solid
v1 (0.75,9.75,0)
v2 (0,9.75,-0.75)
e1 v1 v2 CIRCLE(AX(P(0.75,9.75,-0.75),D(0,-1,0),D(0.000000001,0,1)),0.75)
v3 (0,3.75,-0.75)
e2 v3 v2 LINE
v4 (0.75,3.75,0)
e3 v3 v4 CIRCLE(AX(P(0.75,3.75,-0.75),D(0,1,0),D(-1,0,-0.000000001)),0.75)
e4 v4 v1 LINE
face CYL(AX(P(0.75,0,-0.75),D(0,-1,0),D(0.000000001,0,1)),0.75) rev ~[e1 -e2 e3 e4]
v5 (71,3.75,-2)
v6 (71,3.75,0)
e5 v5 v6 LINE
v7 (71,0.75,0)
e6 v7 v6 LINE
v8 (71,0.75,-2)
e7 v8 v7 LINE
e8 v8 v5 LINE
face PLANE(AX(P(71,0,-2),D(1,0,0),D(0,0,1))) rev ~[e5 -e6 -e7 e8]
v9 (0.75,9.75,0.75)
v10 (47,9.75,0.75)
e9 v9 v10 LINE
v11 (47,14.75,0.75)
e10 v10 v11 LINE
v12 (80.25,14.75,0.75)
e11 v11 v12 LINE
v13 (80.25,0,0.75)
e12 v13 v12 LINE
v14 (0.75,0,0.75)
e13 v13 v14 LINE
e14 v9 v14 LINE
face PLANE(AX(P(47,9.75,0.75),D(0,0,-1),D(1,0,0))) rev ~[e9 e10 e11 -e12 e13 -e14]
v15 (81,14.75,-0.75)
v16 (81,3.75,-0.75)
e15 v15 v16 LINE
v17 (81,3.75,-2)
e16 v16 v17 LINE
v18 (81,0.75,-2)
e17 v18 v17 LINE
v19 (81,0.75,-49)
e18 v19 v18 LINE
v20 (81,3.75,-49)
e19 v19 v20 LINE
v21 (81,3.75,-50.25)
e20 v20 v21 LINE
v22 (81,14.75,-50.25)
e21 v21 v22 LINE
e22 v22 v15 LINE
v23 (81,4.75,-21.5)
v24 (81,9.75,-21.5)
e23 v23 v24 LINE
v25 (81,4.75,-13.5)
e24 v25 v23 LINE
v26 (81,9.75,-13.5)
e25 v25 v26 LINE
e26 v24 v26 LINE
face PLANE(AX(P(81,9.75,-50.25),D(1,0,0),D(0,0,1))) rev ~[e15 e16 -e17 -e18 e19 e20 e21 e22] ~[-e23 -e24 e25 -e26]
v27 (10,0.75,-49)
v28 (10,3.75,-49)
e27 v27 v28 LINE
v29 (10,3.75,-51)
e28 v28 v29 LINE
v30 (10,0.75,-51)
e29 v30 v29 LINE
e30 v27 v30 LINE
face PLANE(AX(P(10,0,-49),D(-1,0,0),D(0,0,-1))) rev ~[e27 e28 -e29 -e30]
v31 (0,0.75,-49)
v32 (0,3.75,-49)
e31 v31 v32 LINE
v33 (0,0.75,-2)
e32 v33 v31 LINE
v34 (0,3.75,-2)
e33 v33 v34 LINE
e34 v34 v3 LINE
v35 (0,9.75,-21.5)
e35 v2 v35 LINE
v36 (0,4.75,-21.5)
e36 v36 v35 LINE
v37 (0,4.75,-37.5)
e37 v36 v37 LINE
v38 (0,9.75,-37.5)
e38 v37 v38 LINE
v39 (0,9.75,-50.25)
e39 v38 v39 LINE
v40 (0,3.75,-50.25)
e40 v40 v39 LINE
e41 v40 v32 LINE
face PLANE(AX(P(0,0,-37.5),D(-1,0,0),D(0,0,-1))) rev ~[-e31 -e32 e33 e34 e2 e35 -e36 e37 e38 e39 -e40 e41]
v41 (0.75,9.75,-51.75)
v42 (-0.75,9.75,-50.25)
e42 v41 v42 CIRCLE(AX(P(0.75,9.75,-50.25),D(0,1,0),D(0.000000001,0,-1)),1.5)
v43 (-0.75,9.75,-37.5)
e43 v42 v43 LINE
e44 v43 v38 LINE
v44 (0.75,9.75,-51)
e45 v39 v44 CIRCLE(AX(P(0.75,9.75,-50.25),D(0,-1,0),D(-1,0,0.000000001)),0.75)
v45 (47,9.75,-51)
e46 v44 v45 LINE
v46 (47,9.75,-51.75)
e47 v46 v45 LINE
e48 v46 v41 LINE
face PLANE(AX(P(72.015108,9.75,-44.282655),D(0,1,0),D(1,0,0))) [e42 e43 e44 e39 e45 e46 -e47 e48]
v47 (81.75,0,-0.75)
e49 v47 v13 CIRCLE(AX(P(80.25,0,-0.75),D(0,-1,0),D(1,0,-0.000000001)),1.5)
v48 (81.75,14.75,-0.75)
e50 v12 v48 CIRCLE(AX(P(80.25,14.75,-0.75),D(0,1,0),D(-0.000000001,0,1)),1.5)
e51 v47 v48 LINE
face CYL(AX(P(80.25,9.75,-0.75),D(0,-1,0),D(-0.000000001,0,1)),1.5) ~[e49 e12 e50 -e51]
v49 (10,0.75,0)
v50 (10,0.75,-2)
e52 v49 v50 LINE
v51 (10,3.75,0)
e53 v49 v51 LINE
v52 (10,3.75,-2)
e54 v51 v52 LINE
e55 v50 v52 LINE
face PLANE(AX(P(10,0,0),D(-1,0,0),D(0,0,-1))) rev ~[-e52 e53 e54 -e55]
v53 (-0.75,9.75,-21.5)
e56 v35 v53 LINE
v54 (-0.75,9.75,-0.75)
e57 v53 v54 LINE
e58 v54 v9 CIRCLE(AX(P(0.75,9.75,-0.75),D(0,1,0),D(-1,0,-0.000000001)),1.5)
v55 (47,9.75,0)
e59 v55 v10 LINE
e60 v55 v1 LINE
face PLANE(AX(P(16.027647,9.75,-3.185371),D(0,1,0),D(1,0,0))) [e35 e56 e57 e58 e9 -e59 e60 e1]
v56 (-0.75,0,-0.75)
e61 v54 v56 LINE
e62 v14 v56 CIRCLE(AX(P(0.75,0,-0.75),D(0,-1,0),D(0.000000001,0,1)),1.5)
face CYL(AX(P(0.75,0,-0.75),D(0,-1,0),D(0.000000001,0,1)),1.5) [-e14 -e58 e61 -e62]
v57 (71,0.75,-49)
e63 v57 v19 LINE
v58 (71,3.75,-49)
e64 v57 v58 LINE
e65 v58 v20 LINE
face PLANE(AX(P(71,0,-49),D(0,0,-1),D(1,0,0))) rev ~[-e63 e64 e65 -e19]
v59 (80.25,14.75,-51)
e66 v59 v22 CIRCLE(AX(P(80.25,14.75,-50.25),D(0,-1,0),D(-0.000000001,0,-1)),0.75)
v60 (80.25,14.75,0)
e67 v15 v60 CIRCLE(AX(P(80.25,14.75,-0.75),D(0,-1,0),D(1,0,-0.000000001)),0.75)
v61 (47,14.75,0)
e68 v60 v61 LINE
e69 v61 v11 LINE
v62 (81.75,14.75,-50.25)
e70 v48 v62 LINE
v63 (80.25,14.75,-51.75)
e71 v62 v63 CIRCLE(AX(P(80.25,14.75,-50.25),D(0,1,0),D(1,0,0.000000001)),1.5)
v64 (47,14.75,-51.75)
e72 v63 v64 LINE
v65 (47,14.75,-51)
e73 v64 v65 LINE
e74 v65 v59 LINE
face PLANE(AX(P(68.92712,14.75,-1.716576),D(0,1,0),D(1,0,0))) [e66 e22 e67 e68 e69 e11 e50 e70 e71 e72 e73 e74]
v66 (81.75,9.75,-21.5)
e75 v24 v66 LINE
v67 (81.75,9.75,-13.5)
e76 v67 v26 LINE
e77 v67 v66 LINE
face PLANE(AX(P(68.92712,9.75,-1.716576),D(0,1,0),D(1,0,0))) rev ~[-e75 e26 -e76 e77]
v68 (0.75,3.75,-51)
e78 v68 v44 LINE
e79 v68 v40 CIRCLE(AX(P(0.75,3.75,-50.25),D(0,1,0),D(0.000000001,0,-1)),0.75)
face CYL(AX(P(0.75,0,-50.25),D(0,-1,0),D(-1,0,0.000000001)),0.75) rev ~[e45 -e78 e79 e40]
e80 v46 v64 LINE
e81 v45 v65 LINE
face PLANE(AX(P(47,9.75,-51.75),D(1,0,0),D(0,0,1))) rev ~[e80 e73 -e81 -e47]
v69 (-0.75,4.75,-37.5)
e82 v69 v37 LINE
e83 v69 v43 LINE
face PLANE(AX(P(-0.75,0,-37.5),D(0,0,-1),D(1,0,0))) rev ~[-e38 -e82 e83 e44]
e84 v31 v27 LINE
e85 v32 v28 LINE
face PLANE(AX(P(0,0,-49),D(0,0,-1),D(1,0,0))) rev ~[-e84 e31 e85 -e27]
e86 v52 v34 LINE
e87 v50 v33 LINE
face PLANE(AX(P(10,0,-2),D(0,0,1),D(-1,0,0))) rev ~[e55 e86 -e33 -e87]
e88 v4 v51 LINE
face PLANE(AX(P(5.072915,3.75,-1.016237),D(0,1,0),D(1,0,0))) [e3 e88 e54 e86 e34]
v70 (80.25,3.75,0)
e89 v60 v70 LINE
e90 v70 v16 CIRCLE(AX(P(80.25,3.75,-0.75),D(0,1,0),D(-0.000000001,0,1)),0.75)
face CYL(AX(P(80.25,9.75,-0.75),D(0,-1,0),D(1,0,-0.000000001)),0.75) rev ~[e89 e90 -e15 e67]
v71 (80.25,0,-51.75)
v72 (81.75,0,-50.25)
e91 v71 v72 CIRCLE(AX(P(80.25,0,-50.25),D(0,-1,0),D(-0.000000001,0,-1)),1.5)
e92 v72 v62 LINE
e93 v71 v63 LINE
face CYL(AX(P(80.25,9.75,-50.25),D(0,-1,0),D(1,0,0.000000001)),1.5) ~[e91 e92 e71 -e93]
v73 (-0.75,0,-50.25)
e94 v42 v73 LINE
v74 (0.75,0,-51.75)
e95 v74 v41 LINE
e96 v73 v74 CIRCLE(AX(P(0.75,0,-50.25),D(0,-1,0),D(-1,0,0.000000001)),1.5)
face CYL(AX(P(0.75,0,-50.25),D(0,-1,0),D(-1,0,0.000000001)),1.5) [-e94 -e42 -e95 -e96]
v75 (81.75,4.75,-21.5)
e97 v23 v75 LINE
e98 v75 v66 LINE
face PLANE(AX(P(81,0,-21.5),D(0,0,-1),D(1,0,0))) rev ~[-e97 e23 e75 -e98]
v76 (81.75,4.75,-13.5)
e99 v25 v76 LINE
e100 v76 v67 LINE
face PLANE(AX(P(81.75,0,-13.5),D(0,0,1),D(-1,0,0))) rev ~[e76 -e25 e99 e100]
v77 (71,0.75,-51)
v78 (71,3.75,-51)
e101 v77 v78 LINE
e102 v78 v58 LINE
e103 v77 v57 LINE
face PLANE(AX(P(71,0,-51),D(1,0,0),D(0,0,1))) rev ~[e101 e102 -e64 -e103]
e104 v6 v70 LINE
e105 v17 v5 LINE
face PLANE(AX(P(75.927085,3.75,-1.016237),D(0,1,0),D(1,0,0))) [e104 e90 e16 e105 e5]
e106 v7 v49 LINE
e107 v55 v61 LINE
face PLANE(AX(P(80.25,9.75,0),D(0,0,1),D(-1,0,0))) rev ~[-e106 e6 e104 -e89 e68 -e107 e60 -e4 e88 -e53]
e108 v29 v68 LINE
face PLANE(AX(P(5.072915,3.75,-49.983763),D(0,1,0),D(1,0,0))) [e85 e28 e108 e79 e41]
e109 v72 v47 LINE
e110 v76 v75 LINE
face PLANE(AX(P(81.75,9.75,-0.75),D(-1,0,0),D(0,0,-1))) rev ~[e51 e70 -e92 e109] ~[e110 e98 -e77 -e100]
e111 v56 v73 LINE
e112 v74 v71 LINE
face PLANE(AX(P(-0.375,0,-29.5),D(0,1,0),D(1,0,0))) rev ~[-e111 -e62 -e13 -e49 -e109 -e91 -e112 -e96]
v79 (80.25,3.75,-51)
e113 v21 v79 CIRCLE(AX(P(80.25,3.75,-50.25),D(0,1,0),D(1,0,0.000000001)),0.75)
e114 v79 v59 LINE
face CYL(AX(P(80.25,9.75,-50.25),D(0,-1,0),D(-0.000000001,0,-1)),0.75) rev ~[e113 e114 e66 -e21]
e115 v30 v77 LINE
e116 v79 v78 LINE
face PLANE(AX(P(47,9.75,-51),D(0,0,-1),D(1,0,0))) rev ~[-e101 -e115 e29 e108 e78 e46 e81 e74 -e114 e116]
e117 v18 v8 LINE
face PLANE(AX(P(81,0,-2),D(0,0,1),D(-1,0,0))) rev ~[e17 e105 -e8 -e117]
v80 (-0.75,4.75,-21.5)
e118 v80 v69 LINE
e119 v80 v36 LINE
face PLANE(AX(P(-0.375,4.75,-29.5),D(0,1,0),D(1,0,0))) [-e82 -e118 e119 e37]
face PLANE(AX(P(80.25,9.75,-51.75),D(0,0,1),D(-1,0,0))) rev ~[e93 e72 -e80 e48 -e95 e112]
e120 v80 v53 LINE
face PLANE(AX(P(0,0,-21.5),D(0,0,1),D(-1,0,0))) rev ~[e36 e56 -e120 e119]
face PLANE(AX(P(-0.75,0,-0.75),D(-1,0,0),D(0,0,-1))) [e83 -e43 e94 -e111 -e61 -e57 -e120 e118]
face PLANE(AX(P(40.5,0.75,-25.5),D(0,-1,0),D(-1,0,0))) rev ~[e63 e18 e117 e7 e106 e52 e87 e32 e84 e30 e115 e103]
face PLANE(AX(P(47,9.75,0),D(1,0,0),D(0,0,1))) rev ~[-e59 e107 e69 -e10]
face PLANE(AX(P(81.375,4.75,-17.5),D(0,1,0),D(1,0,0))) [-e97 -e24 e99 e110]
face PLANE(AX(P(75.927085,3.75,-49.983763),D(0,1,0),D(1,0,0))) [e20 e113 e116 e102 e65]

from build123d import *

# Parameters (mm, degrees)
BOSS_EXTRUDE1_DEPTH = 0.75
BOSS_EXTRUDE2_DEPTH = 3.75
BOSS_EXTRUDE3_DEPTH = 9.75
SKETCH1_5_W         = 0.75
SKETCH1_5_H         = 16
SKETCH1_5_H_2       = 8
BOSS_EXTRUDE4_DEPTH = 4.75
BOSS_EXTRUDE5_START = 9.75
BOSS_EXTRUDE5_DEPTH = 5


with BuildPart() as part:
    # Sketch1 → Boss-Extrude1 (new body)
    with BuildSketch(Plane(origin=(0, 0, 0), x_dir=(1, 0, 0), z_dir=(0, 1, 0))):
        with BuildLine():
            Line((0.75, 51.75), (80.25, 51.75))
            ThreePointArc((80.25, 51.75), (81.310660172, 51.310660172), (81.75, 50.25))
            Line((81.75, 50.25), (81.75, 0.75))
            ThreePointArc((81.75, 0.75), (81.310660172, -0.310660172), (80.25, -0.75))
            Line((80.25, -0.75), (0.75, -0.75))
            ThreePointArc((0.75, -0.75), (-0.310660172, -0.310660172), (-0.75, 0.75))
            Line((-0.75, 0.75), (-0.75, 50.25))
            ThreePointArc((-0.75, 50.25), (-0.310660172, 51.310660172), (0.75, 51.75))
        make_face()
    extrude(amount=BOSS_EXTRUDE1_DEPTH)

    # Sketch1<3> → Boss-Extrude2 (add)
    with BuildSketch(Plane(origin=(0, 0, 0), x_dir=(1, 0, 0), z_dir=(0, 1, 0))):
        with BuildLine():
            Line((0, 50.25), (0, 49))
            Line((0, 49), (10, 49))
            Line((10, 49), (10, 51))
            Line((10, 51), (0.75, 51))
            ThreePointArc((0.75, 51), (0.219669914, 50.780330086), (0, 50.25))
        make_face()
        with BuildLine():
            Line((10, 2), (0, 2))
            Line((0, 2), (0, 0.75))
            ThreePointArc((0, 0.75), (0.219669914, 0.219669914), (0.75, 0))
            Line((0.75, 0), (10, 0))
            Line((10, 0), (10, 2))
        make_face()
        with BuildLine():
            Line((80.25, 51), (71, 51))
            Line((71, 51), (71, 49))
            Line((71, 49), (81, 49))
            Line((81, 49), (81, 50.25))
            ThreePointArc((81, 50.25), (80.780330086, 50.780330086), (80.25, 51))
        make_face()
        with BuildLine():
            Line((71, 2), (71, 0))
            Line((71, 0), (80.25, 0))
            ThreePointArc((80.25, 0), (80.780330086, 0.219669914), (81, 0.75))
            Line((81, 0.75), (81, 2))
            Line((81, 2), (71, 2))
        make_face()
    extrude(amount=BOSS_EXTRUDE2_DEPTH)

    # Sketch1<4> → Boss-Extrude3 (add)
    with BuildSketch(Plane(origin=(0, 0, 0), x_dir=(1, 0, 0), z_dir=(0, 1, 0))):
        with BuildLine():
            Line((0, 37.5), (0, 50.25))
            ThreePointArc((0, 50.25), (0.219669914, 50.780330086), (0.75, 51))
            Line((0.75, 51), (80.25, 51))
            ThreePointArc((80.25, 51), (80.780330086, 50.780330086), (81, 50.25))
            Line((81, 50.25), (81, 21.5))
            Line((81, 21.5), (81.75, 21.5))
            Line((81.75, 21.5), (81.75, 50.25))
            ThreePointArc((81.75, 50.25), (81.310660172, 51.310660172), (80.25, 51.75))
            Line((80.25, 51.75), (0.75, 51.75))
            ThreePointArc((0.75, 51.75), (-0.310660172, 51.310660172), (-0.75, 50.25))
            Line((-0.75, 50.25), (-0.75, 37.5))
            Line((-0.75, 37.5), (0, 37.5))
        make_face()
        with BuildLine():
            Line((0, 21.5), (-0.75, 21.5))
            Line((-0.75, 21.5), (-0.75, 0.75))
            ThreePointArc((-0.75, 0.75), (-0.310660172, -0.310660172), (0.75, -0.75))
            Line((0.75, -0.75), (80.25, -0.75))
            ThreePointArc((80.25, -0.75), (81.310660172, -0.310660172), (81.75, 0.75))
            Line((81.75, 0.75), (81.75, 13.5))
            Line((81.75, 13.5), (81, 13.5))
            Line((81, 13.5), (81, 0.75))
            ThreePointArc((81, 0.75), (80.780330086, 0.219669914), (80.25, 0))
            Line((80.25, 0), (0.75, 0))
            ThreePointArc((0.75, 0), (0.219669914, 0.219669914), (0, 0.75))
            Line((0, 0.75), (0, 21.5))
        make_face()
    extrude(amount=BOSS_EXTRUDE3_DEPTH)

    # Sketch1<5> → Boss-Extrude4 (add)
    with BuildSketch(Plane(origin=(0, 0, 0), x_dir=(1, 0, 0), z_dir=(0, 1, 0))):
        with Locations((-0.375, 29.5)):
            Rectangle(SKETCH1_5_W, SKETCH1_5_H)
        with Locations((81.375, 17.5)):
            Rectangle(SKETCH1_5_W, SKETCH1_5_H_2)
    extrude(amount=BOSS_EXTRUDE4_DEPTH)

    # Sketch1<8> → Boss-Extrude5 (add)
    with BuildSketch(Plane(origin=(0, 0, 0), x_dir=(1, 0, 0), z_dir=(0, 1, 0)).offset(BOSS_EXTRUDE5_START)):
        with BuildLine():
            Line((47, 51.75), (47, 51))
            Line((47, 51), (80.25, 51))
            ThreePointArc((80.25, 51), (80.780330086, 50.780330086), (81, 50.25))
            Line((81, 50.25), (81, 0.75))
            ThreePointArc((81, 0.75), (80.780330086, 0.219669914), (80.25, 0))
            Line((80.25, 0), (47, 0))
            Line((47, 0), (47, -0.75))
            Line((47, -0.75), (80.25, -0.75))
            ThreePointArc((80.25, -0.75), (81.310660172, -0.310660172), (81.75, 0.75))
            Line((81.75, 0.75), (81.75, 50.25))
            ThreePointArc((81.75, 50.25), (81.310660172, 51.310660172), (80.25, 51.75))
            Line((80.25, 51.75), (47, 51.75))
        make_face()
    extrude(amount=BOSS_EXTRUDE5_DEPTH)


solid = part.part
